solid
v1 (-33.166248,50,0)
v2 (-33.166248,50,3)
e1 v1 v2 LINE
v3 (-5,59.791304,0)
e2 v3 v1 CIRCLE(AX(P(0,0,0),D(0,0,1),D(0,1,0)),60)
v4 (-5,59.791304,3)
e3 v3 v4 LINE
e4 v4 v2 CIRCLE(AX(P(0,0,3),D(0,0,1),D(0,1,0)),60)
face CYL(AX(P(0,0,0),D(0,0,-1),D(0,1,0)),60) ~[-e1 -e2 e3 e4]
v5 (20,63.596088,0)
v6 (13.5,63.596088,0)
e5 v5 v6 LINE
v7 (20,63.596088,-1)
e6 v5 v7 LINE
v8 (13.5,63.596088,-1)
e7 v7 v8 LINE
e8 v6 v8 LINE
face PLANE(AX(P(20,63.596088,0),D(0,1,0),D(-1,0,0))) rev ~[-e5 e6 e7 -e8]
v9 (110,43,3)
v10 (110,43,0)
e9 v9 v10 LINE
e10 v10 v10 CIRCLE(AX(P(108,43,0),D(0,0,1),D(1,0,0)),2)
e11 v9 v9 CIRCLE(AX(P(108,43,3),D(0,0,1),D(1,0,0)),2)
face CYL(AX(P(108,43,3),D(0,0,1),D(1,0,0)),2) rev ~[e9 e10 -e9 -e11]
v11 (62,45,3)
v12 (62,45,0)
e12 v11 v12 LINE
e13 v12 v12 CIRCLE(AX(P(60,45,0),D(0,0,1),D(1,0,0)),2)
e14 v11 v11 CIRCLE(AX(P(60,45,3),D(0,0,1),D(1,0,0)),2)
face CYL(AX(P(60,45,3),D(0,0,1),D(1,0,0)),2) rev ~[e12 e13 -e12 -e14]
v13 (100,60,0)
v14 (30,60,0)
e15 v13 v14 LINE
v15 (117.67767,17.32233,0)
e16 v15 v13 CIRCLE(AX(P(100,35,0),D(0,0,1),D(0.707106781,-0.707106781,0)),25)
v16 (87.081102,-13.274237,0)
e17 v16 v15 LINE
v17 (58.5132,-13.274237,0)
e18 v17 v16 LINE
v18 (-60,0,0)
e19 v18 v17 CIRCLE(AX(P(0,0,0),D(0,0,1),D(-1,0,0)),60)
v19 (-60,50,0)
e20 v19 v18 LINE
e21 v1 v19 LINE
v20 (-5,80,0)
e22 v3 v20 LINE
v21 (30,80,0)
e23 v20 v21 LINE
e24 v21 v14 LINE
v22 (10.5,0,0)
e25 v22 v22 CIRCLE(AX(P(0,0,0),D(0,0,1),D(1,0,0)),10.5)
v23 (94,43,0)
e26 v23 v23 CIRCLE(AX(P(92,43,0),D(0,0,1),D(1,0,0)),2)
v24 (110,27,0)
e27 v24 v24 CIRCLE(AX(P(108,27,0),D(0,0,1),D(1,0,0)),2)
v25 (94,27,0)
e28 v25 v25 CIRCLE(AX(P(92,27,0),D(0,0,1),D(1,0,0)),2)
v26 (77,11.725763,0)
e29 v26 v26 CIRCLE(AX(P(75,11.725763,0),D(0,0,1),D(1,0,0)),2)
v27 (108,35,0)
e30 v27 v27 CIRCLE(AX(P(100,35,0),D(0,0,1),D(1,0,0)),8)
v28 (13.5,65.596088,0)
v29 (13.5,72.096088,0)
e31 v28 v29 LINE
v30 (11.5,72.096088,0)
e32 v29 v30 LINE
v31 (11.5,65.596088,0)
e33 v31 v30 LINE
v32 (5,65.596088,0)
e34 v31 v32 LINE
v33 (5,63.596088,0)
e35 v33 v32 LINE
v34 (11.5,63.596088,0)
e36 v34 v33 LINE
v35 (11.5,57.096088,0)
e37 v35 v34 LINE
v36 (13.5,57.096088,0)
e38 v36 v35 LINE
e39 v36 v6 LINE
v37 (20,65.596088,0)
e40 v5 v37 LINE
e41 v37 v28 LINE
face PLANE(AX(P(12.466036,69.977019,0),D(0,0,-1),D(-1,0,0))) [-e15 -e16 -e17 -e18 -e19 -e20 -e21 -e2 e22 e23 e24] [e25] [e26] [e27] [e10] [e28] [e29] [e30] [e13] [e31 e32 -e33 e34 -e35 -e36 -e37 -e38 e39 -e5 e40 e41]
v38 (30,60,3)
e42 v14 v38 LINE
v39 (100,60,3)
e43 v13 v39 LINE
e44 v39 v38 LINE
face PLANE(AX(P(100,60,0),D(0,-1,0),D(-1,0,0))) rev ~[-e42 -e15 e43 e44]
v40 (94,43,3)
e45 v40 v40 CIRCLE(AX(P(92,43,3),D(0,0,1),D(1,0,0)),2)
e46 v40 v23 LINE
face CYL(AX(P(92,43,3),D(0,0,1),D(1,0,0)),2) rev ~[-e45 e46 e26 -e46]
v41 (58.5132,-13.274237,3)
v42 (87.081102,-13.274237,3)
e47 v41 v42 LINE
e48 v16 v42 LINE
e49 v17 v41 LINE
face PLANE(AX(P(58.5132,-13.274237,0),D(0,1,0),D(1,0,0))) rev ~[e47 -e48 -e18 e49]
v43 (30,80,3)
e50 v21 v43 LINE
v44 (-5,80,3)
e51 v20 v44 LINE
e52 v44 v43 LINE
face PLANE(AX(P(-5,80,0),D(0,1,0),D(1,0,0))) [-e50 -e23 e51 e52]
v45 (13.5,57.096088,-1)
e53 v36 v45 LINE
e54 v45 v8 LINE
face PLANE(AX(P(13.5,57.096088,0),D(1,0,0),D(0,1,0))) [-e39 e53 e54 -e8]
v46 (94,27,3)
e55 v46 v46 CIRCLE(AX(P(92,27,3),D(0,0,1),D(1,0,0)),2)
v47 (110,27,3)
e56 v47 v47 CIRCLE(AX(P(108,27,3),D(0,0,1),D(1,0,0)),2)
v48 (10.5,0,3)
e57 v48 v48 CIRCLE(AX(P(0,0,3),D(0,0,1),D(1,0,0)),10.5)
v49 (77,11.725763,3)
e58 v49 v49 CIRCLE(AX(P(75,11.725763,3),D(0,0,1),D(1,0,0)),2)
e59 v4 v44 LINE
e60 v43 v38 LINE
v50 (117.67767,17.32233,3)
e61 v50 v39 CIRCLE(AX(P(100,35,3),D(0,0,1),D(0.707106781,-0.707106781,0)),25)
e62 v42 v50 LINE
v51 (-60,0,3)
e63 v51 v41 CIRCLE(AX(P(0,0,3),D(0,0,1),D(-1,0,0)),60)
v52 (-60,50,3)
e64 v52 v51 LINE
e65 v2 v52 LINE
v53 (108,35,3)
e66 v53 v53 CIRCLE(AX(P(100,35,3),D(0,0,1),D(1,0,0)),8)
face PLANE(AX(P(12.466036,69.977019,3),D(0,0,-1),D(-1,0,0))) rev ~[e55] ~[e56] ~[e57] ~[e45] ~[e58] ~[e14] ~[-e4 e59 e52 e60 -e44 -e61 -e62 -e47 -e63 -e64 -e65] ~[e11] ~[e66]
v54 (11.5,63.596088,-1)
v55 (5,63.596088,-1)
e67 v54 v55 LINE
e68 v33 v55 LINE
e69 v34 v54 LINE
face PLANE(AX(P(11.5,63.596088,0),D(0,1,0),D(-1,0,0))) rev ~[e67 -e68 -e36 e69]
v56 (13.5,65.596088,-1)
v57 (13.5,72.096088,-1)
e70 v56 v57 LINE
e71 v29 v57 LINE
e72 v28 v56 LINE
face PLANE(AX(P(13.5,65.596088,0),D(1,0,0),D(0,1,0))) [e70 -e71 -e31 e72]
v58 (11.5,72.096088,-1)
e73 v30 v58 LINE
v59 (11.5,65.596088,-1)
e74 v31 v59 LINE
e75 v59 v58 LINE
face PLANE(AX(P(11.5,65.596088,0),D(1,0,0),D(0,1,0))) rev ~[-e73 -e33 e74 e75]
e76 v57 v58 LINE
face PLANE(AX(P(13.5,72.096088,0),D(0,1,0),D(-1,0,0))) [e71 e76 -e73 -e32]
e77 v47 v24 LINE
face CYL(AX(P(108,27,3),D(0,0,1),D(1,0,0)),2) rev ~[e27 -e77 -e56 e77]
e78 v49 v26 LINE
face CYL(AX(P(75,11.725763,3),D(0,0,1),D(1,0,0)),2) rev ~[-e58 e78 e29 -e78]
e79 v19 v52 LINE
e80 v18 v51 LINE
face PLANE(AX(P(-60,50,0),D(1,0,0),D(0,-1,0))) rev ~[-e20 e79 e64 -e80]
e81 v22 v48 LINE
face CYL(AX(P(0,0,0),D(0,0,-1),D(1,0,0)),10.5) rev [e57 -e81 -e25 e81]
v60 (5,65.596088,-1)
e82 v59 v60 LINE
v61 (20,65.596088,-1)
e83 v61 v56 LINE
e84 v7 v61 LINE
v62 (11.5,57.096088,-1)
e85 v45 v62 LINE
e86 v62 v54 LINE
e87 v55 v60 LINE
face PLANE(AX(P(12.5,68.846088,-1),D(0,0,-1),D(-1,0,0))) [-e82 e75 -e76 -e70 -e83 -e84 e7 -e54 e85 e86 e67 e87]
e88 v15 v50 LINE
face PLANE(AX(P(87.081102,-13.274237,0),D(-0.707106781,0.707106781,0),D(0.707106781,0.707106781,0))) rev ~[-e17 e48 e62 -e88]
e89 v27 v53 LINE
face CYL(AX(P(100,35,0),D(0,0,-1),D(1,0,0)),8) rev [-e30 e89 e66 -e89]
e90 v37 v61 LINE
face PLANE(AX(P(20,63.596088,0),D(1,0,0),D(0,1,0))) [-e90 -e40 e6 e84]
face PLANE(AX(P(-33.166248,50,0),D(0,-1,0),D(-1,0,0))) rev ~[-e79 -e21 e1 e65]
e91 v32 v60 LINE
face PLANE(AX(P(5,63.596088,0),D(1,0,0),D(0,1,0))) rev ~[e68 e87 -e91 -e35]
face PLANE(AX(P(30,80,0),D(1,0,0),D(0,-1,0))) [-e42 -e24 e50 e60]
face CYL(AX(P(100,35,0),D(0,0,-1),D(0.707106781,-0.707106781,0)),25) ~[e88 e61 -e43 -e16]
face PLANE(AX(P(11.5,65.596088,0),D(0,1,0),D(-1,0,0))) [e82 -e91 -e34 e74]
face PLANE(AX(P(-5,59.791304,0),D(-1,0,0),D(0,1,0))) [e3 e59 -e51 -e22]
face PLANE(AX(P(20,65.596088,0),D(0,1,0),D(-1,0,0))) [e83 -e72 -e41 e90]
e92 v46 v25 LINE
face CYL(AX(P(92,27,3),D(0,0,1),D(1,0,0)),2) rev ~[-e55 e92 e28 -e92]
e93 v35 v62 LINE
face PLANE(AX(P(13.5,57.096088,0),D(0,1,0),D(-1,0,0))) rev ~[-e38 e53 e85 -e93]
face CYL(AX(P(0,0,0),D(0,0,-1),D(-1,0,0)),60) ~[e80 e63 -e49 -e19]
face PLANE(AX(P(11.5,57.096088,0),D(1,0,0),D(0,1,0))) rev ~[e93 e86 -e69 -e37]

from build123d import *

# Parameters (mm, degrees)
SKETCH1_R           = 10.5
SKETCH1_R_2         = 8
BOSS_EXTRUDE1_DEPTH = 3
CUT_EXTRUDE1_REACH  = 140.687
SKETCH2_R           = 2
BOSS_EXTRUDE2_DEPTH = 3
SKETCH4_W           = 2
SKETCH4_H           = 6.5
SKETCH4_W_2         = 6.5
SKETCH4_H_2         = 2
BOSS_EXTRUDE3_DEPTH = 1
SKETCH5_R           = 2
CUT_EXTRUDE2_DEPTH  = 10


with BuildPart() as part:
    # Sketch1 → Boss-Extrude1 (new body)
    # profile 1 of 2: a face of its own
    with BuildSketch(Plane.XY):
        with BuildLine():
            ThreePointArc((-60, 0), (-52.867640737, 28.372743309), (-33.166247904, 50))
            Line((-33.166247904, 50), (-60, 50))
            Line((-60, 50), (-60, 0))
        make_face()
    # profile 2 of 2: a face of its own
    with BuildSketch(Plane.XY):
        with BuildLine():
            ThreePointArc((0, 60), (-17.320508076, 57.445626465), (-33.166247904, 50))
            ThreePointArc((-33.166247904, 50), (-52.867640737, 28.372743309), (-60, 0))
            ThreePointArc((-60, 0), (-6.678621673, -59.627141576), (58.513200418, -13.274237334))
            Line((58.513200418, -13.274237334), (87.081101726, -13.274237334))
            Line((87.081101726, -13.274237334), (117.67766953, 17.32233047))
            ThreePointArc((117.67766953, 17.32233047), (123.096988313, 44.567085809), (100, 60))
            Line((100, 60), (0, 60))
        make_face()
        Circle(SKETCH1_R, mode=Mode.SUBTRACT)
        with Locations((100, 35)):
            Circle(SKETCH1_R_2, mode=Mode.SUBTRACT)
    extrude(amount=BOSS_EXTRUDE1_DEPTH)

    # Sketch2 → Cut-Extrude1 (cut, up to next)
    with BuildSketch(Plane.XY.offset(3), mode=Mode.PRIVATE) as cut_extrude1_sk1:
        with Locations((60, 45)):
            Circle(SKETCH2_R)
    cut_extrude1_tool1 = extrude(cut_extrude1_sk1.sketch, amount=-CUT_EXTRUDE1_REACH, mode=Mode.PRIVATE) & part.part
    # Sketch2 → Cut-Extrude1 (cut, up to next)
    with BuildSketch(Plane.XY.offset(3), mode=Mode.PRIVATE) as cut_extrude1_sk2:
        with Locations((75, 11.725762666)):
            Circle(SKETCH2_R)
    cut_extrude1_tool2 = extrude(cut_extrude1_sk2.sketch, amount=-CUT_EXTRUDE1_REACH, mode=Mode.PRIVATE) & part.part
    add(cut_extrude1_tool1.solids().sort_by_distance((60, 45, 3))[0], mode=Mode.SUBTRACT)
    add(cut_extrude1_tool2.solids().sort_by_distance((75, 11.725763, 3))[0], mode=Mode.SUBTRACT)

    # Sketch3 → Boss-Extrude2 (add)
    with BuildSketch(Plane(origin=(0, 0, 0), x_dir=(-1, 0, 0), z_dir=(0, 0, -1))):
        with BuildLine():
            Line((-30, 80), (-30, 60))
            Line((-30, 60), (0, 60))
            ThreePointArc((0, 60), (2.502176759, 59.947803225), (5, 59.791303716))
            Line((5, 59.791303716), (5, 80))
            Line((5, 80), (-30, 80))
        make_face()
    extrude(amount=-BOSS_EXTRUDE2_DEPTH)

    # Sketch4 → Boss-Extrude3 (add)
    with BuildSketch(Plane(origin=(0, 0, 0), x_dir=(-1, 0, 0), z_dir=(0, 0, -1))):
        with Locations((-12.5, 68.846087829)):
            Rectangle(SKETCH4_W, SKETCH4_H)
        with Locations((-16.75, 64.596087829)):
            Rectangle(SKETCH4_W_2, SKETCH4_H_2)
        with Locations((-12.5, 64.596087829)):
            Rectangle(SKETCH4_W, SKETCH4_H_2)
        with Locations((-8.25, 64.596087829)):
            Rectangle(SKETCH4_W_2, SKETCH4_H_2)
        with Locations((-12.5, 60.346087829)):
            Rectangle(SKETCH4_W, SKETCH4_H)
    extrude(amount=BOSS_EXTRUDE3_DEPTH)

    # Sketch5 → Cut-Extrude2 (cut)
    with BuildSketch(Plane.XY.offset(3)):
        with Locations((92, 43)):
            Circle(SKETCH5_R)
        with Locations((108, 43)):
            Circle(SKETCH5_R)
        with Locations((108, 27)):
            Circle(SKETCH5_R)
        with Locations((92, 27)):
            Circle(SKETCH5_R)
    extrude(amount=-CUT_EXTRUDE2_DEPTH, mode=Mode.SUBTRACT)


solid = part.part
